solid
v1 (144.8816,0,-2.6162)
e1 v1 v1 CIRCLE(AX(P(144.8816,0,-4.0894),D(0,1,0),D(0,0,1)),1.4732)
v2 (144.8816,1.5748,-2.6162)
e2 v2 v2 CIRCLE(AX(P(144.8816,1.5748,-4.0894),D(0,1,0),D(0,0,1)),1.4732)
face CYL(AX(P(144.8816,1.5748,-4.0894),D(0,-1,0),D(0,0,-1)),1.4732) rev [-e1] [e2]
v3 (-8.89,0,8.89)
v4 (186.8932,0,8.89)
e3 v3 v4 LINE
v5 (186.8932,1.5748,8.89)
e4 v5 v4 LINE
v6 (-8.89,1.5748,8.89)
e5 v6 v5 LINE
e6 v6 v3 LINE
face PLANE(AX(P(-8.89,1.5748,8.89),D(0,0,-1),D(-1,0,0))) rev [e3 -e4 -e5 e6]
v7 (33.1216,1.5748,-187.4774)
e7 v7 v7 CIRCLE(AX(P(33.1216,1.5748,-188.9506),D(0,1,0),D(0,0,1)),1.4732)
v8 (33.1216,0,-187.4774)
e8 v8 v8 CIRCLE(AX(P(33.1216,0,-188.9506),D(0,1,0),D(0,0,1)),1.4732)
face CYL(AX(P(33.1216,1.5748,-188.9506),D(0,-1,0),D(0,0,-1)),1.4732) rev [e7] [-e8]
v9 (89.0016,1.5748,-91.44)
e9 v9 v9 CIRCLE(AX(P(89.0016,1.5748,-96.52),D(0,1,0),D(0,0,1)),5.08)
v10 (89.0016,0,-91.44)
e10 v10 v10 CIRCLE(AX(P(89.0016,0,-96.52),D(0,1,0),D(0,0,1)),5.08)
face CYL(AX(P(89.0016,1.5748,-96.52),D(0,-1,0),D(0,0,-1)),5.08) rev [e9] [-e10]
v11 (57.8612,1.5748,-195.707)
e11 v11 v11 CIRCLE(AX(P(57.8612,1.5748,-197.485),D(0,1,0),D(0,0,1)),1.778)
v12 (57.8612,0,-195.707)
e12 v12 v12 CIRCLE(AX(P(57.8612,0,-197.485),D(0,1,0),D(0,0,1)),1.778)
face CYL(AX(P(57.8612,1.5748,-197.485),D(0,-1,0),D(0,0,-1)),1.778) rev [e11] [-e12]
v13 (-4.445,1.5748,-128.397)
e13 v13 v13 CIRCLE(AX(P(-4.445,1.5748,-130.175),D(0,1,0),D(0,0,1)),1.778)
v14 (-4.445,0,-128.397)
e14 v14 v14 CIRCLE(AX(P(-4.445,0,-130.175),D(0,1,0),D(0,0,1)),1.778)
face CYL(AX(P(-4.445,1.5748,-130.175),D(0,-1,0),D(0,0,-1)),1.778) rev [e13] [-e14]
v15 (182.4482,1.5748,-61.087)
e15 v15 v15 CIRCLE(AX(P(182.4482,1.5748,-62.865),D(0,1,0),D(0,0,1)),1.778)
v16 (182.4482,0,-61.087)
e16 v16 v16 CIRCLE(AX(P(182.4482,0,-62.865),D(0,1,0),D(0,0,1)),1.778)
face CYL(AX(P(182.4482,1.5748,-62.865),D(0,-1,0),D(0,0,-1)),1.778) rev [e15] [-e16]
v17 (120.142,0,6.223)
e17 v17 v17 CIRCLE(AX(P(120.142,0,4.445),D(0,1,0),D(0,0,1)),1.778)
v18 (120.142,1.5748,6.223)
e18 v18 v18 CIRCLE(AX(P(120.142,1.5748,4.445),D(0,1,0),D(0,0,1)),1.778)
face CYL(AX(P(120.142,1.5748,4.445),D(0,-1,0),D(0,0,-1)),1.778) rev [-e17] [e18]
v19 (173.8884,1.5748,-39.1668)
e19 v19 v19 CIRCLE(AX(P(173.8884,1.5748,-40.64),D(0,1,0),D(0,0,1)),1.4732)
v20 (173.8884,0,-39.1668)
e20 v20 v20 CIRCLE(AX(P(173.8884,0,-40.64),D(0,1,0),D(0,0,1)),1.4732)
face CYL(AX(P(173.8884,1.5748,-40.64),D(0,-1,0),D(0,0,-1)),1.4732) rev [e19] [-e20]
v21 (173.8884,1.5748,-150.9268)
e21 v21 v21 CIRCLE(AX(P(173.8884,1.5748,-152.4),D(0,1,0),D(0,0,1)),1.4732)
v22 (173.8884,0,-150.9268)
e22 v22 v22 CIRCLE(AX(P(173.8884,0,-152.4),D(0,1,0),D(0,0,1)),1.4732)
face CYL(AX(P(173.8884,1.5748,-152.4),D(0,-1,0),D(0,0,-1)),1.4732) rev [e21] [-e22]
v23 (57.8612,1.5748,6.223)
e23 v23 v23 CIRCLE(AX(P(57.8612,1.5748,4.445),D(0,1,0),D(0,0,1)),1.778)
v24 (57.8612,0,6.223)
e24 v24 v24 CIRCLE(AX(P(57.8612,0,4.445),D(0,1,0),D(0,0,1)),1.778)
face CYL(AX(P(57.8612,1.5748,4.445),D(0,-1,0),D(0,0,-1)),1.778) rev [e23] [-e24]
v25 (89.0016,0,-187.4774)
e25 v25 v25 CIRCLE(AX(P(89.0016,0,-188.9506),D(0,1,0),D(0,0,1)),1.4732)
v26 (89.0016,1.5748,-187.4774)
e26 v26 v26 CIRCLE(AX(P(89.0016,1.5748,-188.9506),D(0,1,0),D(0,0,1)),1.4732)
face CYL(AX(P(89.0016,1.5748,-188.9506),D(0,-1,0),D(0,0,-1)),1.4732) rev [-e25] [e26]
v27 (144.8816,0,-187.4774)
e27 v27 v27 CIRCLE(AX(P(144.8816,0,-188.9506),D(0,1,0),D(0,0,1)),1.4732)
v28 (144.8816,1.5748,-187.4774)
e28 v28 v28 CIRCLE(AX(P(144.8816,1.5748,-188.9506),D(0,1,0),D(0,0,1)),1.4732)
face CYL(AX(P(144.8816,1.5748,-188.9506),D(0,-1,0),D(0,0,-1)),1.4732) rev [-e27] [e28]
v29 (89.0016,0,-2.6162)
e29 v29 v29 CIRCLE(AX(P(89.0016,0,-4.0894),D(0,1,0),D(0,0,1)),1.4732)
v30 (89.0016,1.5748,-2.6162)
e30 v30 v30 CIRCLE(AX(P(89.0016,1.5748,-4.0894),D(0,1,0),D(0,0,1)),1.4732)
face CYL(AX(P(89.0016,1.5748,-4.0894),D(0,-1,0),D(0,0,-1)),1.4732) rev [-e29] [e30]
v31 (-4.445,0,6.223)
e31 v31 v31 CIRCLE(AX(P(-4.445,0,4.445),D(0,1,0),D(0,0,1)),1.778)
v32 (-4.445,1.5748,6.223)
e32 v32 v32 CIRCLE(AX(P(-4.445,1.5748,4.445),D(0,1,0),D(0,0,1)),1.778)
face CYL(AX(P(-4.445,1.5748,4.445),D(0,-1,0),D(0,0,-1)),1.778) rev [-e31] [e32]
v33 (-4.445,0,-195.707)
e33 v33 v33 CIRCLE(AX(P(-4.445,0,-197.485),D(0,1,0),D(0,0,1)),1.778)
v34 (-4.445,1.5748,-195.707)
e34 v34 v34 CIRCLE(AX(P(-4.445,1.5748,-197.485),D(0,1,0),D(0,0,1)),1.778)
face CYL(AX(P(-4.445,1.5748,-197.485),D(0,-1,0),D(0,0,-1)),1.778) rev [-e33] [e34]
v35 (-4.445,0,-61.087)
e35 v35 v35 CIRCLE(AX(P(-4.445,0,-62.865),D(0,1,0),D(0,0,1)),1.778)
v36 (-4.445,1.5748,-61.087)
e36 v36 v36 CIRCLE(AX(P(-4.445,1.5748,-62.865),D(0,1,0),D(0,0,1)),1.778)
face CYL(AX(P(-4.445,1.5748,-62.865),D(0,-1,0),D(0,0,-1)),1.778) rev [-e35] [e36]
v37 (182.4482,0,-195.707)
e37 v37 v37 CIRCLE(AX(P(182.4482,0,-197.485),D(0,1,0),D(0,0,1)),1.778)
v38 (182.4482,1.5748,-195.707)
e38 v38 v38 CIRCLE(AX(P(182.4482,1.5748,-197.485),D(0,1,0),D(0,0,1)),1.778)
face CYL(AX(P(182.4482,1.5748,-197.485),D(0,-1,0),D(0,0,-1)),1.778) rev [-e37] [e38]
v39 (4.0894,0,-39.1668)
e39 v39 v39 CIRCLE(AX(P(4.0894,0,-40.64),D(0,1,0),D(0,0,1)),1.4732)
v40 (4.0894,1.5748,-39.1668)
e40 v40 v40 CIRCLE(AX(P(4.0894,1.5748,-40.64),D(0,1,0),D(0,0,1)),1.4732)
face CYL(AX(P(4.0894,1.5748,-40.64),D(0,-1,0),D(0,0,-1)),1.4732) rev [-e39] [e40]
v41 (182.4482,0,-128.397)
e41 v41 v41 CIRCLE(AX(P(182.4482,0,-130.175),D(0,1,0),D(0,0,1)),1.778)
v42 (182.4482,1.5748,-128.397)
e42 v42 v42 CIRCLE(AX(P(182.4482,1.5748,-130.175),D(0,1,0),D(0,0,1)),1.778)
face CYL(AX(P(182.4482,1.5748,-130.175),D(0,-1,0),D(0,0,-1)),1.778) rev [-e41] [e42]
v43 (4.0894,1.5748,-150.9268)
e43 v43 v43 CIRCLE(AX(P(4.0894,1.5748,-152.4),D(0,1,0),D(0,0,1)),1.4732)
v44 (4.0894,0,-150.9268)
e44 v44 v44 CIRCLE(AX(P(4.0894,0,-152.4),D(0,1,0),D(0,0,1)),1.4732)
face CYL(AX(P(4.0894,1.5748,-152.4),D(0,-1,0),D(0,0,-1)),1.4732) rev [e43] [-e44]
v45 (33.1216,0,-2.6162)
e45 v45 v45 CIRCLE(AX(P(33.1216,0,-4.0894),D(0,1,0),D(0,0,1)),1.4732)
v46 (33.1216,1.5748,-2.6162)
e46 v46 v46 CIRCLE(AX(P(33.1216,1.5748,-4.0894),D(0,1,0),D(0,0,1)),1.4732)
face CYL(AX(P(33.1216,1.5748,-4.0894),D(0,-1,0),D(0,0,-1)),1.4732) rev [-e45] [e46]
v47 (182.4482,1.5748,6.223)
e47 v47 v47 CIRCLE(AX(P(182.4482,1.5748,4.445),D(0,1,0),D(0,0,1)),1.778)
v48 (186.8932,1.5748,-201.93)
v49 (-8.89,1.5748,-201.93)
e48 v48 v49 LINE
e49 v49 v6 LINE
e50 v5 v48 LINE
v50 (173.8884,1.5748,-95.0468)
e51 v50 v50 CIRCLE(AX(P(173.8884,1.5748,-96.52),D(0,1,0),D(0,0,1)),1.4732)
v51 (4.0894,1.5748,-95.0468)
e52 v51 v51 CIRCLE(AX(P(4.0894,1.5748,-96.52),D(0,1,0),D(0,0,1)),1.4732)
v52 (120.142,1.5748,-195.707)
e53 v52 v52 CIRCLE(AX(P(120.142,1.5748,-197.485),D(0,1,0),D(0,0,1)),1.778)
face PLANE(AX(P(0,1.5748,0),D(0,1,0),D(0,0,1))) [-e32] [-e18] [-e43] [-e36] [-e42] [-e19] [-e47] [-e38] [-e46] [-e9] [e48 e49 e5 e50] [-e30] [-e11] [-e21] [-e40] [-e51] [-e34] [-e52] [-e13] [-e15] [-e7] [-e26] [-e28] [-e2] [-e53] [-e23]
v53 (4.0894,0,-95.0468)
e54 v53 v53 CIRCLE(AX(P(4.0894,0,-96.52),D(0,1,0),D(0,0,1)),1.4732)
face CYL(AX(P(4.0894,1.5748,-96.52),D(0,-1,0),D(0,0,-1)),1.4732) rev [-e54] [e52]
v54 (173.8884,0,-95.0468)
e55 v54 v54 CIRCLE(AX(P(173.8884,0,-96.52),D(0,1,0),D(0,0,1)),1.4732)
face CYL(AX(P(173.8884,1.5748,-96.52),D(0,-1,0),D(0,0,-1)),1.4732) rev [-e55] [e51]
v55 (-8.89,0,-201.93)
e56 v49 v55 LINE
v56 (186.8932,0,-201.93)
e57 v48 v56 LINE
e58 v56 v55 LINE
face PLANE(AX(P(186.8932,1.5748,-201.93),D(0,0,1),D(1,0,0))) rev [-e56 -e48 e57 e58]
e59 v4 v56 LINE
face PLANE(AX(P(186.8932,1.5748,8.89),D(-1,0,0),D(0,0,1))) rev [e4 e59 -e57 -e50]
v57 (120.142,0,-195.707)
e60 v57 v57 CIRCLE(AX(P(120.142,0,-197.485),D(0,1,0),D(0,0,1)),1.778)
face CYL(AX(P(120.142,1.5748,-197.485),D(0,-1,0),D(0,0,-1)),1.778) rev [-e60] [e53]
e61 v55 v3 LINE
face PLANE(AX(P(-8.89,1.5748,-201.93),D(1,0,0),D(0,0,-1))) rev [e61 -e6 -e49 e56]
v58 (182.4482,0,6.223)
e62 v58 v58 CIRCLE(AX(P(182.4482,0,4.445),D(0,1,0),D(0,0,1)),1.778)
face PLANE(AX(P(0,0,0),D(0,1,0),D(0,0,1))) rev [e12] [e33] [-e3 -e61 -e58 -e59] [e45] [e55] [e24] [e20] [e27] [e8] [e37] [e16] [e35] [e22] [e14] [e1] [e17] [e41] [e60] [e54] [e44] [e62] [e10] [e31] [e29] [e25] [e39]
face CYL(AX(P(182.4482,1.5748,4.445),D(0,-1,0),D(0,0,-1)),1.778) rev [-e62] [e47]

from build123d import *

# Parameters (mm, degrees)
SKETCH2_W           = 195.7832
SKETCH2_H           = 210.82
SKETCH2_R           = 1.778
SKETCH2_R_2         = 1.4732
SKETCH2_R_3         = 5.08
BOSS_EXTRUDE1_DEPTH = 1.5748


with BuildPart() as part:
    # Sketch2 → Boss-Extrude1 (new body)
    with BuildSketch(Plane(origin=(0, 0, 0), x_dir=(1, 0, 0), z_dir=(0, 1, 0))):
        with Locations((89.0016, 96.52)):
            Rectangle(SKETCH2_W, SKETCH2_H)
        with Locations(Location((-4.445, -4.445, 0), (0, 0, 270))):
            Circle(SKETCH2_R, mode=Mode.SUBTRACT)
        with Locations(Location((-4.445, 197.485, 0), (0, 0, 270))):
            Circle(SKETCH2_R, mode=Mode.SUBTRACT)
        with Locations(Location((-4.445, 62.865, 0), (0, 0, 270))):
            Circle(SKETCH2_R, mode=Mode.SUBTRACT)
        with Locations(Location((-4.445, 130.175, 0), (0, 0, 270))):
            Circle(SKETCH2_R, mode=Mode.SUBTRACT)
        with Locations(Location((57.8612, 197.485, 0), (0, 0, 270))):
            Circle(SKETCH2_R, mode=Mode.SUBTRACT)
        with Locations(Location((120.142, 197.485, 0), (0, 0, 270))):
            Circle(SKETCH2_R, mode=Mode.SUBTRACT)
        with Locations(Location((57.8612, -4.445, 0), (0, 0, 270))):
            Circle(SKETCH2_R, mode=Mode.SUBTRACT)
        with Locations(Location((120.142, -4.445, 0), (0, 0, 270))):
            Circle(SKETCH2_R, mode=Mode.SUBTRACT)
        with Locations(Location((182.4482, -4.445, 0), (0, 0, 270))):
            Circle(SKETCH2_R, mode=Mode.SUBTRACT)
        with Locations(Location((182.4482, 197.485, 0), (0, 0, 270))):
            Circle(SKETCH2_R, mode=Mode.SUBTRACT)
        with Locations(Location((182.4482, 62.865, 0), (0, 0, 270))):
            Circle(SKETCH2_R, mode=Mode.SUBTRACT)
        with Locations(Location((182.4482, 130.175, 0), (0, 0, 270))):
            Circle(SKETCH2_R, mode=Mode.SUBTRACT)
        with Locations(Location((33.1216, 4.0894, 0), (0, 0, 270))):
            Circle(SKETCH2_R_2, mode=Mode.SUBTRACT)
        with Locations(Location((89.0016, 4.0894, 0), (0, 0, 270))):
            Circle(SKETCH2_R_2, mode=Mode.SUBTRACT)
        with Locations(Location((144.8816, 4.0894, 0), (0, 0, 270))):
            Circle(SKETCH2_R_2, mode=Mode.SUBTRACT)
        with Locations(Location((33.1216, 188.9506, 0), (0, 0, 270))):
            Circle(SKETCH2_R_2, mode=Mode.SUBTRACT)
        with Locations(Location((89.0016, 188.9506, 0), (0, 0, 270))):
            Circle(SKETCH2_R_2, mode=Mode.SUBTRACT)
        with Locations(Location((144.8816, 188.9506, 0), (0, 0, 270))):
            Circle(SKETCH2_R_2, mode=Mode.SUBTRACT)
        with Locations(Location((4.0894, 40.64, 0), (0, 0, 270))):
            Circle(SKETCH2_R_2, mode=Mode.SUBTRACT)
        with Locations(Location((4.0894, 96.52, 0), (0, 0, 270))):
            Circle(SKETCH2_R_2, mode=Mode.SUBTRACT)
        with Locations(Location((4.0894, 152.4, 0), (0, 0, 270))):
            Circle(SKETCH2_R_2, mode=Mode.SUBTRACT)
        with Locations(Location((173.8884, 40.64, 0), (0, 0, 270))):
            Circle(SKETCH2_R_2, mode=Mode.SUBTRACT)
        with Locations(Location((173.8884, 96.52, 0), (0, 0, 270))):
            Circle(SKETCH2_R_2, mode=Mode.SUBTRACT)
        with Locations(Location((173.8884, 152.4, 0), (0, 0, 270))):
            Circle(SKETCH2_R_2, mode=Mode.SUBTRACT)
        with Locations(Location((89.0016, 96.52, 0), (0, 0, 270))):
            Circle(SKETCH2_R_3, mode=Mode.SUBTRACT)
    extrude(amount=BOSS_EXTRUDE1_DEPTH)


solid = part.part
